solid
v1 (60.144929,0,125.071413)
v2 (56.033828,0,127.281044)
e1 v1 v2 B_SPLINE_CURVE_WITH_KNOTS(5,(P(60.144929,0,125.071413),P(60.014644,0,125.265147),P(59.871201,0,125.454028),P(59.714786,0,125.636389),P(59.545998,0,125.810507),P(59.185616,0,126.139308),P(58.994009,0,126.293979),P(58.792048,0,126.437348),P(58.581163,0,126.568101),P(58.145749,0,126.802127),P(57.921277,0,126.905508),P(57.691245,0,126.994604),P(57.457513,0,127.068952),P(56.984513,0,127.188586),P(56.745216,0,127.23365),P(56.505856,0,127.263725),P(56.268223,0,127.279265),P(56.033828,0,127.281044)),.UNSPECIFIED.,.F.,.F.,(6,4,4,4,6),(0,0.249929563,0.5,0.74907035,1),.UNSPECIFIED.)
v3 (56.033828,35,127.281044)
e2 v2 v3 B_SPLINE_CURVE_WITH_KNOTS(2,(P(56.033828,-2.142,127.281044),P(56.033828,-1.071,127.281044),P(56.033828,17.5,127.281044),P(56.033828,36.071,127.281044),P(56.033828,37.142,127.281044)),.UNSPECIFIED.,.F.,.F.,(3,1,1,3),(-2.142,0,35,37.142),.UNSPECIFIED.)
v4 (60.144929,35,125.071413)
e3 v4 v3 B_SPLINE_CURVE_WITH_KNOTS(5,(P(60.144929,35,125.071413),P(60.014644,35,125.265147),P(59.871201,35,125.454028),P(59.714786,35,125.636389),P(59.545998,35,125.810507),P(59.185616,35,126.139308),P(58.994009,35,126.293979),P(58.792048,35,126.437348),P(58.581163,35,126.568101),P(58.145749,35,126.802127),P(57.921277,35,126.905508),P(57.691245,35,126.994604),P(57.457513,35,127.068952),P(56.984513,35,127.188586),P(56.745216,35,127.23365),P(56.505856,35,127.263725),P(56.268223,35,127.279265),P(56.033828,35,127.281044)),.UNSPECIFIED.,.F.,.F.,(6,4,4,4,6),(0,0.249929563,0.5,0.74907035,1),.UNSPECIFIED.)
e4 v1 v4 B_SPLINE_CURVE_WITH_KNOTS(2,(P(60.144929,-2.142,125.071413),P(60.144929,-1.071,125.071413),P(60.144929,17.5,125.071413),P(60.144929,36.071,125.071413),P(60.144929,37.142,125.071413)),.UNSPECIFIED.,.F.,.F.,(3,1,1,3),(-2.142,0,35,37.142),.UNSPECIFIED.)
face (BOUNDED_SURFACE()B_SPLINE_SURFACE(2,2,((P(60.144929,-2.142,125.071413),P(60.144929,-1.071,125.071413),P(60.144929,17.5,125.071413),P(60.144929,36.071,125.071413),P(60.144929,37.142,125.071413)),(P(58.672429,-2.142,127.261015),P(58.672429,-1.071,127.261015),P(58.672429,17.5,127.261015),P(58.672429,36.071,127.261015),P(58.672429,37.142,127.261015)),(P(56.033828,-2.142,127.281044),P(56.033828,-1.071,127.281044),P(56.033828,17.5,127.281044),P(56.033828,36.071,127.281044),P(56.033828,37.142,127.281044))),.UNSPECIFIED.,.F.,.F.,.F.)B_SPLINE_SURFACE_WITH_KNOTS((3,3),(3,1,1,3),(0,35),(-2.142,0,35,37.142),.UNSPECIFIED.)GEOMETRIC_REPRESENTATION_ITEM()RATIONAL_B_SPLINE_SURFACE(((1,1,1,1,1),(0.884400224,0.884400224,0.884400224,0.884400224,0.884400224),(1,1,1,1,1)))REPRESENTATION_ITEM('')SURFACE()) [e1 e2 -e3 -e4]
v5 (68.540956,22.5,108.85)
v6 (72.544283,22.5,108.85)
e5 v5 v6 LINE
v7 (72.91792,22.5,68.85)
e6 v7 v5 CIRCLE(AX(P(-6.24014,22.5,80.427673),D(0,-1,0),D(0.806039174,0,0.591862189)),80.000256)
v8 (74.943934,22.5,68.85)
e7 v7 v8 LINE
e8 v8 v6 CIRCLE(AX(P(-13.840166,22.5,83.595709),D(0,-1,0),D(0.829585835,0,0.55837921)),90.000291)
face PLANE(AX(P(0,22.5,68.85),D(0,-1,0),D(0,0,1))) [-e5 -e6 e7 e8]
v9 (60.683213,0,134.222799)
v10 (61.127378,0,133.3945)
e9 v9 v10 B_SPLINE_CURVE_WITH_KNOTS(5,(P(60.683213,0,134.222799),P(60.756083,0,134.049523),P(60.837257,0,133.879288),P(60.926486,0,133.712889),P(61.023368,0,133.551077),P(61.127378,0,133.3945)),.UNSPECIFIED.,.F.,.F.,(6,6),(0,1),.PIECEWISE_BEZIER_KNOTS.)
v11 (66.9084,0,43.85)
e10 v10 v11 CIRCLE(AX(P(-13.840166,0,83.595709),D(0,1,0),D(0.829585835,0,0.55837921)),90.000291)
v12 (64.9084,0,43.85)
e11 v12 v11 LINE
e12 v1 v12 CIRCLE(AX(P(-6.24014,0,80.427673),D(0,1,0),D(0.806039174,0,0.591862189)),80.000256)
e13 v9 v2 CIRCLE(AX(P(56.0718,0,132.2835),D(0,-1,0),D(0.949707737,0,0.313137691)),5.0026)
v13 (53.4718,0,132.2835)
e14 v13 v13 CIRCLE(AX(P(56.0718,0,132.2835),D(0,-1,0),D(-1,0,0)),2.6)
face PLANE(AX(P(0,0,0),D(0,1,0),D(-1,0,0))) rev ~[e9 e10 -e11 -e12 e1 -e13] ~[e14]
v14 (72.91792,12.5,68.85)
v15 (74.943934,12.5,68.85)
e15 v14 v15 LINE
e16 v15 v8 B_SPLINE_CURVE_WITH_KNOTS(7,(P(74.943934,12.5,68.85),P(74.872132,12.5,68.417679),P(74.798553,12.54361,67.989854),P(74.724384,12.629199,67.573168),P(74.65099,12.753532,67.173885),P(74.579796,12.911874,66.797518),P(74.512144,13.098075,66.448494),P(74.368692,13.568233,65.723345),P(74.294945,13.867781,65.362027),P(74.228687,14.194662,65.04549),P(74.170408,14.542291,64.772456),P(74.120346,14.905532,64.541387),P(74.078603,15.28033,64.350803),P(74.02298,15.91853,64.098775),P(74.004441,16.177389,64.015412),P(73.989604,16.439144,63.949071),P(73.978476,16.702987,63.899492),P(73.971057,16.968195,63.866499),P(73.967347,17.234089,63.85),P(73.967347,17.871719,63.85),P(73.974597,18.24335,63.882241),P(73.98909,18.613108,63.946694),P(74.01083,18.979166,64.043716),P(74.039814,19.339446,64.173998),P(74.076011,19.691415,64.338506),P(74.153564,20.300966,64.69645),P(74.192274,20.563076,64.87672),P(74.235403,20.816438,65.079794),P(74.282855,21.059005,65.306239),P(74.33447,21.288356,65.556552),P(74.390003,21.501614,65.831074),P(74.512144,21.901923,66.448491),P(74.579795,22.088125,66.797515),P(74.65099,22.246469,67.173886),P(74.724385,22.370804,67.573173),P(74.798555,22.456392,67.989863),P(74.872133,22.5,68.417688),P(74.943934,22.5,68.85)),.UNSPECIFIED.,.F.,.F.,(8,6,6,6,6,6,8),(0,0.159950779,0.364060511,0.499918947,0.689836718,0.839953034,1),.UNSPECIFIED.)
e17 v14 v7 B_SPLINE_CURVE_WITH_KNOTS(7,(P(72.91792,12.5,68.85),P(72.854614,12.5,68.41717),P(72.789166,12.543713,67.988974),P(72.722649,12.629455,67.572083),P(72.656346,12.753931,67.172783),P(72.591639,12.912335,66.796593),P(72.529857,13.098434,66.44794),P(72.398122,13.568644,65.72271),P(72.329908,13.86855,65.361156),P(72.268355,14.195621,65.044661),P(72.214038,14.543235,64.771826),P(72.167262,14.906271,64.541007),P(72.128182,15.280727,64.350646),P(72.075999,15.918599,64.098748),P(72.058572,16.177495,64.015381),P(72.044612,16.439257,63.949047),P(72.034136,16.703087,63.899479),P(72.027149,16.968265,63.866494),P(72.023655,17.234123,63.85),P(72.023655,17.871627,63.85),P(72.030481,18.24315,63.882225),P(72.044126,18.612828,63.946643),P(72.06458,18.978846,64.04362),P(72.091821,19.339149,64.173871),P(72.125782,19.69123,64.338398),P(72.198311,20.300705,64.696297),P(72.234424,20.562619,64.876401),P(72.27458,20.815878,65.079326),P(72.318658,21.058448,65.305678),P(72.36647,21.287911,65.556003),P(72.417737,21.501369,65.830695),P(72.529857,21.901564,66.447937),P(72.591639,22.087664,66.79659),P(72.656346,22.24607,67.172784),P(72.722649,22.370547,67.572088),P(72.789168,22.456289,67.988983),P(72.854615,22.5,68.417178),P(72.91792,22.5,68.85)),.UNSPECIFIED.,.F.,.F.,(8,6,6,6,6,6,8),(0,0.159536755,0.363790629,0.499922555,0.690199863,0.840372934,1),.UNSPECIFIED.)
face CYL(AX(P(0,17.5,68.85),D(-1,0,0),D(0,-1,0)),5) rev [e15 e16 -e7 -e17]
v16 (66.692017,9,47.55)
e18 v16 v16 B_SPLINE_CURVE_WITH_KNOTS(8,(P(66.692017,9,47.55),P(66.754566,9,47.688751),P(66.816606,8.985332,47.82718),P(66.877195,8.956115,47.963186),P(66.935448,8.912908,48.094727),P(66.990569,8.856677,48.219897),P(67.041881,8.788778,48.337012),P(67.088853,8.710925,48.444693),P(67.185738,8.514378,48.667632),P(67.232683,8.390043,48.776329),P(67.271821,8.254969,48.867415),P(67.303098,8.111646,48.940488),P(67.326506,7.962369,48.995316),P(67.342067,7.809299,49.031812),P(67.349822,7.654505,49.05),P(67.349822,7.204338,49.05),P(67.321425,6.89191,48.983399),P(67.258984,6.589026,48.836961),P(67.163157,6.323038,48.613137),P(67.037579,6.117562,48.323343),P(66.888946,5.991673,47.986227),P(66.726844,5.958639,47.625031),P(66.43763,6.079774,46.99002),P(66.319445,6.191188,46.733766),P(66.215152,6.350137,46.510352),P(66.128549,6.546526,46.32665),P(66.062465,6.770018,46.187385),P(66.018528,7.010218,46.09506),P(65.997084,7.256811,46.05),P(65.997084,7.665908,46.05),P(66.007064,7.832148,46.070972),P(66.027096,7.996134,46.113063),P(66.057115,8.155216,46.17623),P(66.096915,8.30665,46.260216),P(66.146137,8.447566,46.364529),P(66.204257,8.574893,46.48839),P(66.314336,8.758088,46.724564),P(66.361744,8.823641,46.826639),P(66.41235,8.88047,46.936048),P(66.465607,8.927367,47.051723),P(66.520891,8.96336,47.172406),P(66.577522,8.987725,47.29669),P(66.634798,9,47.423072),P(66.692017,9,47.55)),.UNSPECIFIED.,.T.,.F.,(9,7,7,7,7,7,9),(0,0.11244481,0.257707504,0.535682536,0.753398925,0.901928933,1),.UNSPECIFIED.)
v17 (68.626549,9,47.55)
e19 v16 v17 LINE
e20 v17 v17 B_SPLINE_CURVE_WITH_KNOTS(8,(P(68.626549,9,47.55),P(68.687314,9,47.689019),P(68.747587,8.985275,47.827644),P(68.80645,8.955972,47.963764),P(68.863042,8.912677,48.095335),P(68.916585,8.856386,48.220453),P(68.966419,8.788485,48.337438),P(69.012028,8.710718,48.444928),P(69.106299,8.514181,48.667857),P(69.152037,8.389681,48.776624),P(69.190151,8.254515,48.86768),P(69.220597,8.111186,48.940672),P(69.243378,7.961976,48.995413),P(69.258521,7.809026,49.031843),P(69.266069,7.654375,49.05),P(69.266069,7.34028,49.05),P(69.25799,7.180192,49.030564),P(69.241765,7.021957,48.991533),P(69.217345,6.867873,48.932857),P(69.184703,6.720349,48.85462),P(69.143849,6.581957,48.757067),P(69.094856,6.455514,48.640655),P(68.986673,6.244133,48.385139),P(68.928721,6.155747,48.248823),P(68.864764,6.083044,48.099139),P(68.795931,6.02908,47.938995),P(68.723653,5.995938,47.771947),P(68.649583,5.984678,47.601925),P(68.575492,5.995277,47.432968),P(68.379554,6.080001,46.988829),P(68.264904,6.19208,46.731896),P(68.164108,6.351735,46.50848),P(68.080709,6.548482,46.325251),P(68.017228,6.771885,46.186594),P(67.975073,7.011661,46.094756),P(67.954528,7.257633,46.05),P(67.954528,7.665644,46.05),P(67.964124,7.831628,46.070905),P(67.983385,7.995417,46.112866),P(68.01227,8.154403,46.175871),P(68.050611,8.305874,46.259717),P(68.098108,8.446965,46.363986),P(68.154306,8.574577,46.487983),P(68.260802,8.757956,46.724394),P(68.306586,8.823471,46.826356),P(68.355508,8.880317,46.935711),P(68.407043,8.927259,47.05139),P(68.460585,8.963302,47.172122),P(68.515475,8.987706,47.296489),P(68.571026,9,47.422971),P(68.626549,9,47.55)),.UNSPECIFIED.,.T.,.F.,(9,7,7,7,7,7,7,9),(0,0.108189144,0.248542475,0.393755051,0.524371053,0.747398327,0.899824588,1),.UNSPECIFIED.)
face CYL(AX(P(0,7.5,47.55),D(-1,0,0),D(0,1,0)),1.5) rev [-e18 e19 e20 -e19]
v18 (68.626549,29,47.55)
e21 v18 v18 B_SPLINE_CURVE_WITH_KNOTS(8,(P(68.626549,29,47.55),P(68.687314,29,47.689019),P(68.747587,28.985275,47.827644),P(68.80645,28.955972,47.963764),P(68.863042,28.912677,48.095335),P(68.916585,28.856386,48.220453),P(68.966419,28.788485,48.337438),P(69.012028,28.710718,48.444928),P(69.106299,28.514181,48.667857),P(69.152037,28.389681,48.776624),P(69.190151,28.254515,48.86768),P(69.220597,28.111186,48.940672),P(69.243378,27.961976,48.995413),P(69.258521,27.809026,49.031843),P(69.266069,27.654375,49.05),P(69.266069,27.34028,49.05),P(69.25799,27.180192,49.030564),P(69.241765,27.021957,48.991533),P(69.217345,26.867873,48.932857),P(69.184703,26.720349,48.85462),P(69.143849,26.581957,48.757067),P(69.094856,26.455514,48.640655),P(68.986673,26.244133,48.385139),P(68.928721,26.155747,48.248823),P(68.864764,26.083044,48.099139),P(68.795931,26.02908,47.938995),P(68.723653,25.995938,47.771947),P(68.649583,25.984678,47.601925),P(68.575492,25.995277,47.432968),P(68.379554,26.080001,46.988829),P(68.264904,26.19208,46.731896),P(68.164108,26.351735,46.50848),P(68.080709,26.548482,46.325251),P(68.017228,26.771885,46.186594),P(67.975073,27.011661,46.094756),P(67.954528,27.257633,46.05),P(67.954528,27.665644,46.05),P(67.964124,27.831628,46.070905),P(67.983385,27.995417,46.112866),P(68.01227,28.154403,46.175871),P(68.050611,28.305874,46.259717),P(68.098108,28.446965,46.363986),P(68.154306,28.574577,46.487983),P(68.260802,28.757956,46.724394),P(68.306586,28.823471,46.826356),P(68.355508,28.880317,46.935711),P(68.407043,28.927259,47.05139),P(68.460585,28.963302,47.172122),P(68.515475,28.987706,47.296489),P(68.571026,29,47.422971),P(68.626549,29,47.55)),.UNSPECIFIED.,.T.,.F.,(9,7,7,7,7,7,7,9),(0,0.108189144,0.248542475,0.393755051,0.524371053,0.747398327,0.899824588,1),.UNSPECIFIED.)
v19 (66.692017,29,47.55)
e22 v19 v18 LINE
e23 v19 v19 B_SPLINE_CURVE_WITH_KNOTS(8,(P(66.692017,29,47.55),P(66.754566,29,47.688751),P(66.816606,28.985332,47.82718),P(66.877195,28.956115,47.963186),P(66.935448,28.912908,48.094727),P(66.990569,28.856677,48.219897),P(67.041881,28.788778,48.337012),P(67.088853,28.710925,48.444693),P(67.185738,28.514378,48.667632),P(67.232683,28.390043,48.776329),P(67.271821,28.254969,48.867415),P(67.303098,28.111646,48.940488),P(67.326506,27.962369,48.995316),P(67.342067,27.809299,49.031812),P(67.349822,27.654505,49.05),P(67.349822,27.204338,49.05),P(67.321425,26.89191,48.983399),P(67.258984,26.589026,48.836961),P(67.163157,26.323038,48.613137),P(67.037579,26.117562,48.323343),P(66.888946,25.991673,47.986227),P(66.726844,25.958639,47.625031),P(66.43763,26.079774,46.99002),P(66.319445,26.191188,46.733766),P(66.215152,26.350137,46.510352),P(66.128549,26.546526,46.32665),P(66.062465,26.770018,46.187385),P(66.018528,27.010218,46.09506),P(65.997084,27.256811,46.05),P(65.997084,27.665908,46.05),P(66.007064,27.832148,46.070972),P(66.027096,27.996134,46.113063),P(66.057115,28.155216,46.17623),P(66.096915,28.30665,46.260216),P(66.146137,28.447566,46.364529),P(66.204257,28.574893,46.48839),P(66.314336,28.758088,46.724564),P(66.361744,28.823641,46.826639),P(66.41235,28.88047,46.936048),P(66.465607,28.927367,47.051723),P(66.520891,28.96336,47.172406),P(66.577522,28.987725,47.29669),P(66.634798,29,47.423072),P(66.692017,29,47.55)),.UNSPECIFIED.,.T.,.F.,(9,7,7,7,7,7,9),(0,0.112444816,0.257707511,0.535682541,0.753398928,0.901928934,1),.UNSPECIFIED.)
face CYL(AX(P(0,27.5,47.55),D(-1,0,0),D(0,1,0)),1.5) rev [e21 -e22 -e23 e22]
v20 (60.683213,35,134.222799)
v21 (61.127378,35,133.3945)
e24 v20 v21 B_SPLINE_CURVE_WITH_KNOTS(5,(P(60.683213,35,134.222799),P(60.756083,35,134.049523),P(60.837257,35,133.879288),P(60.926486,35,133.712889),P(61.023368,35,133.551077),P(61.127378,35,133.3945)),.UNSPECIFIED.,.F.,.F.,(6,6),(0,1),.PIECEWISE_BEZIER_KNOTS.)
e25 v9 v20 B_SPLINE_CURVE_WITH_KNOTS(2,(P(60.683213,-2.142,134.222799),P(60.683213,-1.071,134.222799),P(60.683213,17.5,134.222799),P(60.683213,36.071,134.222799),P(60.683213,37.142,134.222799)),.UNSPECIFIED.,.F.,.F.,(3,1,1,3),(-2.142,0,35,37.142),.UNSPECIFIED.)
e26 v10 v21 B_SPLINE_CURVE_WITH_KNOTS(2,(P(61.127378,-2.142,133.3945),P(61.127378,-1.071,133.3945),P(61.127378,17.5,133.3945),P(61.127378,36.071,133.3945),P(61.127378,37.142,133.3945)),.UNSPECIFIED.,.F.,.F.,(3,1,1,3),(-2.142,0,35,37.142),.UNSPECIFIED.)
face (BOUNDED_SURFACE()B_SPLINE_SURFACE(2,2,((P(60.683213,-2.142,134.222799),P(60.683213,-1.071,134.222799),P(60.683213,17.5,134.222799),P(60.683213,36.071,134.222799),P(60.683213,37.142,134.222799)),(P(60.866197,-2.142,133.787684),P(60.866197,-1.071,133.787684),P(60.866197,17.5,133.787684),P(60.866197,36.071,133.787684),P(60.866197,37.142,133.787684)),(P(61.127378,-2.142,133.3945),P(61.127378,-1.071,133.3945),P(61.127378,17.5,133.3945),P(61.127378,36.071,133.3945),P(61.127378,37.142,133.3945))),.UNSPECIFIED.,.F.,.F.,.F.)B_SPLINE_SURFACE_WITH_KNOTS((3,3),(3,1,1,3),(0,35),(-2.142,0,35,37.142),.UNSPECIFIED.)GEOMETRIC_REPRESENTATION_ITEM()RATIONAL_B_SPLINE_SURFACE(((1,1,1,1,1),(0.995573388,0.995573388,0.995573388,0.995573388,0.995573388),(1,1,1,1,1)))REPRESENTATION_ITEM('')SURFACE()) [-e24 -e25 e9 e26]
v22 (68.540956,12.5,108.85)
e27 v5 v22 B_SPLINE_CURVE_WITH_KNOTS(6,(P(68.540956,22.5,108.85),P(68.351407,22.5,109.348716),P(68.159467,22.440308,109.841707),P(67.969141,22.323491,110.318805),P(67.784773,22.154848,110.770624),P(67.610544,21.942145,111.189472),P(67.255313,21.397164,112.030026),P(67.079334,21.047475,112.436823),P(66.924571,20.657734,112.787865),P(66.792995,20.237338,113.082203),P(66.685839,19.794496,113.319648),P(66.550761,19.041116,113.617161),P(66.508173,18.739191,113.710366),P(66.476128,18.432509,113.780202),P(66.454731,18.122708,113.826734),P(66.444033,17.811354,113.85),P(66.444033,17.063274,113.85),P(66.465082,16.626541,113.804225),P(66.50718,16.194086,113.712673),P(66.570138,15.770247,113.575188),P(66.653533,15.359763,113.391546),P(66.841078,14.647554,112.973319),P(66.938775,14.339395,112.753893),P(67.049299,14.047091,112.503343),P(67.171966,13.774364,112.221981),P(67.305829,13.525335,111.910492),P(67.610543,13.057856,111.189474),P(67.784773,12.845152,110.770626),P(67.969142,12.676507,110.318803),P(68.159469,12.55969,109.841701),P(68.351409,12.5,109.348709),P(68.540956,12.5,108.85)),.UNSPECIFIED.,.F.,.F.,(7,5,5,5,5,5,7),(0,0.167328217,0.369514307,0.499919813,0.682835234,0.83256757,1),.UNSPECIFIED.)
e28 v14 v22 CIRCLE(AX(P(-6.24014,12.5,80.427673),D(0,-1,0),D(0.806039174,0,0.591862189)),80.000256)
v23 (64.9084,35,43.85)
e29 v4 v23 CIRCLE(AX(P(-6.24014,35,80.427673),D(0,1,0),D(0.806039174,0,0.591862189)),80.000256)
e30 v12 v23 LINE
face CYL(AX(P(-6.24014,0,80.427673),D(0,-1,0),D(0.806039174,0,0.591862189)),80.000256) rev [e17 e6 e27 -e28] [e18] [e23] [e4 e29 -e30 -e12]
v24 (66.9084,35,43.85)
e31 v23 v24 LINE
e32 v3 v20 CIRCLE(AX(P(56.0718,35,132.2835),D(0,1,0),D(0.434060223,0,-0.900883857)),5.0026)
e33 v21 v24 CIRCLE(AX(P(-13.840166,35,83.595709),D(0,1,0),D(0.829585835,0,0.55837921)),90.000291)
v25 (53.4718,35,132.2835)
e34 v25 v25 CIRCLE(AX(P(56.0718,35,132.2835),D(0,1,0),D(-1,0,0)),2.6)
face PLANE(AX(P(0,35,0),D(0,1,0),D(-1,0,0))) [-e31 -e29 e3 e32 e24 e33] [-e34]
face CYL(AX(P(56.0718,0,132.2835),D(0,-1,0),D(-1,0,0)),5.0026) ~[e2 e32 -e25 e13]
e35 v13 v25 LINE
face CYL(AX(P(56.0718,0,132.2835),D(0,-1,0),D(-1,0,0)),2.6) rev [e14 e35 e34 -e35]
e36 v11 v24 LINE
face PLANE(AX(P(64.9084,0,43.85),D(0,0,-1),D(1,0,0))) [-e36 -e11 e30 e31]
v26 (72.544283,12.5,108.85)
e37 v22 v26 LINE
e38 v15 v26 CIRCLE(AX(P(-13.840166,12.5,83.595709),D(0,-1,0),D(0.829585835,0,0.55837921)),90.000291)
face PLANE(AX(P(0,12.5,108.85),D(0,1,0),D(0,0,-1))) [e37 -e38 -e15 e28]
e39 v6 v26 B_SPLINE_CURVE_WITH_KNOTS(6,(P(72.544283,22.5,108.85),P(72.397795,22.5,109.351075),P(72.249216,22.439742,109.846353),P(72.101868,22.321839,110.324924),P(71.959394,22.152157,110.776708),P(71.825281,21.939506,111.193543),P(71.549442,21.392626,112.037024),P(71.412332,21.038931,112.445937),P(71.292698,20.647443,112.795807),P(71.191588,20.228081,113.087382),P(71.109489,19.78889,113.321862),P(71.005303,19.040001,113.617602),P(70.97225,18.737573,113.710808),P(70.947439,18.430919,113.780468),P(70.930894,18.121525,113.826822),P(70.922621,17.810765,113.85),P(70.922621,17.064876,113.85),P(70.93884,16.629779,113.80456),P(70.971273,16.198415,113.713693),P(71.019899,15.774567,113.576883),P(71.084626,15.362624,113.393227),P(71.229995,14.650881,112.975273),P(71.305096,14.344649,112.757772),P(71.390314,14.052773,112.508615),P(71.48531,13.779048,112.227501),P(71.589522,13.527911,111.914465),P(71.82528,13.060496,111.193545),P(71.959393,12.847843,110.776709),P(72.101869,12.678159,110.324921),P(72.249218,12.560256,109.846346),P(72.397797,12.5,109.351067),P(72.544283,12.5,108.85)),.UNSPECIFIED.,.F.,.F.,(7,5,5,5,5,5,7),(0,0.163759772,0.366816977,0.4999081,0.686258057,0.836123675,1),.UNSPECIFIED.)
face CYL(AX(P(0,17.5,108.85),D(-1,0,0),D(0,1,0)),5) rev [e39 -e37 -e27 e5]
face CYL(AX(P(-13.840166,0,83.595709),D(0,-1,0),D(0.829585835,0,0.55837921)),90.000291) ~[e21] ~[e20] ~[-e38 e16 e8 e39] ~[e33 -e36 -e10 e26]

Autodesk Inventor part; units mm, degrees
ref_plane "YZ Plane" through (0, 0, 0) normal (1, 0, 0) x (0, 1, 0)
ref_plane "XZ Plane" through (0, 0, 0) normal (0, 1, 0) x (-1, 0, 0)
ref_plane "XY Plane" through (0, 0, 0) normal (0, 0, 1) x (1, 0, 0)
sketch "Эскиз1" plane through (0, 0, 0) normal (0, 1, 0) x (-1, 0, 0)
  circle A0 centre (-56.0718, 132.2835) radius 2.6
  line L0 (-64.9084, 43.85) -> (-66.9084, 43.85)
  circle A1 centre (-56.0718, 132.2835) radius 5.0026
  arc A2 (-60.8228, 133.85) -> (-66.9084, 43.85) centre (13.8399, 83.5958) ccw
  arc A3 (-58.2432, 127.7768) -> (-64.9084, 43.85) centre (6.2398, 80.4278) ccw
  line L1 (-60.8228, 133.85) -> (-51.3208, 133.85)
  point P0 (-68.2724, 116.2724)
  dimension "d27" = 5.2
  dimension "d28" = 2
  dimension "d29" = 90
  dimension "d30" = 80
  dimension "d35" = 90
  dimension "d47" = 10.0052
  dimension "d48" = 1.5665
extrude "Выдавливание1" add sketch "Эскиз1" along normal blind 35 contours A0 L1 A1 | A0 L1 A1 | A1 A3 L0 A2
sketch "Эскиз2" plane through (0, 0, 0) normal (1, 0, 0) x (0, 1, 0)
  circle A0 centre (27.5, 47.55) radius 1.5
  circle A1 centre (7.5, 47.55) radius 1.5
  line L0 (0, 43.85) -> (35, 43.85) projected
  line L1 (35, 127.7768) -> (35, 43.85) projected
  line L2 (17.5, 68.85) -> (17.5, 108.85) construction
  line L3 (22.5, 68.85) -> (22.5, 108.85)
  line L4 (12.5, 108.85) -> (12.5, 68.85)
  arc A2 (12.5, 68.85) -> (22.5, 68.85) centre (17.5, 68.85) ccw
  arc A3 (22.5, 108.85) -> (12.5, 108.85) centre (17.5, 108.85) ccw
  point P0 (0, 0)
  point P1 (17.5, 88.85)
  point P2 (17.5, 63.85)
  dimension "d36" = 3
  dimension "d37" = 3
  dimension "d38" = 3.7
  dimension "d39" = 3.7
  dimension "d40" = 7.5
  dimension "d41" = 20
  dimension "d44" = 40
  dimension "d45" = 10
  dimension "d46" = 20
extrude "Выдавливание2" cut sketch "Эскиз2" along normal blind 94.5
fillet "Сопряжение3" radius 5 1 edges at (58.2432, 17.5, 127.7768)
fillet "Сопряжение4" radius 5 1 edges at (60.8228, 17.5, 133.85)
properties part number "protect_2"
